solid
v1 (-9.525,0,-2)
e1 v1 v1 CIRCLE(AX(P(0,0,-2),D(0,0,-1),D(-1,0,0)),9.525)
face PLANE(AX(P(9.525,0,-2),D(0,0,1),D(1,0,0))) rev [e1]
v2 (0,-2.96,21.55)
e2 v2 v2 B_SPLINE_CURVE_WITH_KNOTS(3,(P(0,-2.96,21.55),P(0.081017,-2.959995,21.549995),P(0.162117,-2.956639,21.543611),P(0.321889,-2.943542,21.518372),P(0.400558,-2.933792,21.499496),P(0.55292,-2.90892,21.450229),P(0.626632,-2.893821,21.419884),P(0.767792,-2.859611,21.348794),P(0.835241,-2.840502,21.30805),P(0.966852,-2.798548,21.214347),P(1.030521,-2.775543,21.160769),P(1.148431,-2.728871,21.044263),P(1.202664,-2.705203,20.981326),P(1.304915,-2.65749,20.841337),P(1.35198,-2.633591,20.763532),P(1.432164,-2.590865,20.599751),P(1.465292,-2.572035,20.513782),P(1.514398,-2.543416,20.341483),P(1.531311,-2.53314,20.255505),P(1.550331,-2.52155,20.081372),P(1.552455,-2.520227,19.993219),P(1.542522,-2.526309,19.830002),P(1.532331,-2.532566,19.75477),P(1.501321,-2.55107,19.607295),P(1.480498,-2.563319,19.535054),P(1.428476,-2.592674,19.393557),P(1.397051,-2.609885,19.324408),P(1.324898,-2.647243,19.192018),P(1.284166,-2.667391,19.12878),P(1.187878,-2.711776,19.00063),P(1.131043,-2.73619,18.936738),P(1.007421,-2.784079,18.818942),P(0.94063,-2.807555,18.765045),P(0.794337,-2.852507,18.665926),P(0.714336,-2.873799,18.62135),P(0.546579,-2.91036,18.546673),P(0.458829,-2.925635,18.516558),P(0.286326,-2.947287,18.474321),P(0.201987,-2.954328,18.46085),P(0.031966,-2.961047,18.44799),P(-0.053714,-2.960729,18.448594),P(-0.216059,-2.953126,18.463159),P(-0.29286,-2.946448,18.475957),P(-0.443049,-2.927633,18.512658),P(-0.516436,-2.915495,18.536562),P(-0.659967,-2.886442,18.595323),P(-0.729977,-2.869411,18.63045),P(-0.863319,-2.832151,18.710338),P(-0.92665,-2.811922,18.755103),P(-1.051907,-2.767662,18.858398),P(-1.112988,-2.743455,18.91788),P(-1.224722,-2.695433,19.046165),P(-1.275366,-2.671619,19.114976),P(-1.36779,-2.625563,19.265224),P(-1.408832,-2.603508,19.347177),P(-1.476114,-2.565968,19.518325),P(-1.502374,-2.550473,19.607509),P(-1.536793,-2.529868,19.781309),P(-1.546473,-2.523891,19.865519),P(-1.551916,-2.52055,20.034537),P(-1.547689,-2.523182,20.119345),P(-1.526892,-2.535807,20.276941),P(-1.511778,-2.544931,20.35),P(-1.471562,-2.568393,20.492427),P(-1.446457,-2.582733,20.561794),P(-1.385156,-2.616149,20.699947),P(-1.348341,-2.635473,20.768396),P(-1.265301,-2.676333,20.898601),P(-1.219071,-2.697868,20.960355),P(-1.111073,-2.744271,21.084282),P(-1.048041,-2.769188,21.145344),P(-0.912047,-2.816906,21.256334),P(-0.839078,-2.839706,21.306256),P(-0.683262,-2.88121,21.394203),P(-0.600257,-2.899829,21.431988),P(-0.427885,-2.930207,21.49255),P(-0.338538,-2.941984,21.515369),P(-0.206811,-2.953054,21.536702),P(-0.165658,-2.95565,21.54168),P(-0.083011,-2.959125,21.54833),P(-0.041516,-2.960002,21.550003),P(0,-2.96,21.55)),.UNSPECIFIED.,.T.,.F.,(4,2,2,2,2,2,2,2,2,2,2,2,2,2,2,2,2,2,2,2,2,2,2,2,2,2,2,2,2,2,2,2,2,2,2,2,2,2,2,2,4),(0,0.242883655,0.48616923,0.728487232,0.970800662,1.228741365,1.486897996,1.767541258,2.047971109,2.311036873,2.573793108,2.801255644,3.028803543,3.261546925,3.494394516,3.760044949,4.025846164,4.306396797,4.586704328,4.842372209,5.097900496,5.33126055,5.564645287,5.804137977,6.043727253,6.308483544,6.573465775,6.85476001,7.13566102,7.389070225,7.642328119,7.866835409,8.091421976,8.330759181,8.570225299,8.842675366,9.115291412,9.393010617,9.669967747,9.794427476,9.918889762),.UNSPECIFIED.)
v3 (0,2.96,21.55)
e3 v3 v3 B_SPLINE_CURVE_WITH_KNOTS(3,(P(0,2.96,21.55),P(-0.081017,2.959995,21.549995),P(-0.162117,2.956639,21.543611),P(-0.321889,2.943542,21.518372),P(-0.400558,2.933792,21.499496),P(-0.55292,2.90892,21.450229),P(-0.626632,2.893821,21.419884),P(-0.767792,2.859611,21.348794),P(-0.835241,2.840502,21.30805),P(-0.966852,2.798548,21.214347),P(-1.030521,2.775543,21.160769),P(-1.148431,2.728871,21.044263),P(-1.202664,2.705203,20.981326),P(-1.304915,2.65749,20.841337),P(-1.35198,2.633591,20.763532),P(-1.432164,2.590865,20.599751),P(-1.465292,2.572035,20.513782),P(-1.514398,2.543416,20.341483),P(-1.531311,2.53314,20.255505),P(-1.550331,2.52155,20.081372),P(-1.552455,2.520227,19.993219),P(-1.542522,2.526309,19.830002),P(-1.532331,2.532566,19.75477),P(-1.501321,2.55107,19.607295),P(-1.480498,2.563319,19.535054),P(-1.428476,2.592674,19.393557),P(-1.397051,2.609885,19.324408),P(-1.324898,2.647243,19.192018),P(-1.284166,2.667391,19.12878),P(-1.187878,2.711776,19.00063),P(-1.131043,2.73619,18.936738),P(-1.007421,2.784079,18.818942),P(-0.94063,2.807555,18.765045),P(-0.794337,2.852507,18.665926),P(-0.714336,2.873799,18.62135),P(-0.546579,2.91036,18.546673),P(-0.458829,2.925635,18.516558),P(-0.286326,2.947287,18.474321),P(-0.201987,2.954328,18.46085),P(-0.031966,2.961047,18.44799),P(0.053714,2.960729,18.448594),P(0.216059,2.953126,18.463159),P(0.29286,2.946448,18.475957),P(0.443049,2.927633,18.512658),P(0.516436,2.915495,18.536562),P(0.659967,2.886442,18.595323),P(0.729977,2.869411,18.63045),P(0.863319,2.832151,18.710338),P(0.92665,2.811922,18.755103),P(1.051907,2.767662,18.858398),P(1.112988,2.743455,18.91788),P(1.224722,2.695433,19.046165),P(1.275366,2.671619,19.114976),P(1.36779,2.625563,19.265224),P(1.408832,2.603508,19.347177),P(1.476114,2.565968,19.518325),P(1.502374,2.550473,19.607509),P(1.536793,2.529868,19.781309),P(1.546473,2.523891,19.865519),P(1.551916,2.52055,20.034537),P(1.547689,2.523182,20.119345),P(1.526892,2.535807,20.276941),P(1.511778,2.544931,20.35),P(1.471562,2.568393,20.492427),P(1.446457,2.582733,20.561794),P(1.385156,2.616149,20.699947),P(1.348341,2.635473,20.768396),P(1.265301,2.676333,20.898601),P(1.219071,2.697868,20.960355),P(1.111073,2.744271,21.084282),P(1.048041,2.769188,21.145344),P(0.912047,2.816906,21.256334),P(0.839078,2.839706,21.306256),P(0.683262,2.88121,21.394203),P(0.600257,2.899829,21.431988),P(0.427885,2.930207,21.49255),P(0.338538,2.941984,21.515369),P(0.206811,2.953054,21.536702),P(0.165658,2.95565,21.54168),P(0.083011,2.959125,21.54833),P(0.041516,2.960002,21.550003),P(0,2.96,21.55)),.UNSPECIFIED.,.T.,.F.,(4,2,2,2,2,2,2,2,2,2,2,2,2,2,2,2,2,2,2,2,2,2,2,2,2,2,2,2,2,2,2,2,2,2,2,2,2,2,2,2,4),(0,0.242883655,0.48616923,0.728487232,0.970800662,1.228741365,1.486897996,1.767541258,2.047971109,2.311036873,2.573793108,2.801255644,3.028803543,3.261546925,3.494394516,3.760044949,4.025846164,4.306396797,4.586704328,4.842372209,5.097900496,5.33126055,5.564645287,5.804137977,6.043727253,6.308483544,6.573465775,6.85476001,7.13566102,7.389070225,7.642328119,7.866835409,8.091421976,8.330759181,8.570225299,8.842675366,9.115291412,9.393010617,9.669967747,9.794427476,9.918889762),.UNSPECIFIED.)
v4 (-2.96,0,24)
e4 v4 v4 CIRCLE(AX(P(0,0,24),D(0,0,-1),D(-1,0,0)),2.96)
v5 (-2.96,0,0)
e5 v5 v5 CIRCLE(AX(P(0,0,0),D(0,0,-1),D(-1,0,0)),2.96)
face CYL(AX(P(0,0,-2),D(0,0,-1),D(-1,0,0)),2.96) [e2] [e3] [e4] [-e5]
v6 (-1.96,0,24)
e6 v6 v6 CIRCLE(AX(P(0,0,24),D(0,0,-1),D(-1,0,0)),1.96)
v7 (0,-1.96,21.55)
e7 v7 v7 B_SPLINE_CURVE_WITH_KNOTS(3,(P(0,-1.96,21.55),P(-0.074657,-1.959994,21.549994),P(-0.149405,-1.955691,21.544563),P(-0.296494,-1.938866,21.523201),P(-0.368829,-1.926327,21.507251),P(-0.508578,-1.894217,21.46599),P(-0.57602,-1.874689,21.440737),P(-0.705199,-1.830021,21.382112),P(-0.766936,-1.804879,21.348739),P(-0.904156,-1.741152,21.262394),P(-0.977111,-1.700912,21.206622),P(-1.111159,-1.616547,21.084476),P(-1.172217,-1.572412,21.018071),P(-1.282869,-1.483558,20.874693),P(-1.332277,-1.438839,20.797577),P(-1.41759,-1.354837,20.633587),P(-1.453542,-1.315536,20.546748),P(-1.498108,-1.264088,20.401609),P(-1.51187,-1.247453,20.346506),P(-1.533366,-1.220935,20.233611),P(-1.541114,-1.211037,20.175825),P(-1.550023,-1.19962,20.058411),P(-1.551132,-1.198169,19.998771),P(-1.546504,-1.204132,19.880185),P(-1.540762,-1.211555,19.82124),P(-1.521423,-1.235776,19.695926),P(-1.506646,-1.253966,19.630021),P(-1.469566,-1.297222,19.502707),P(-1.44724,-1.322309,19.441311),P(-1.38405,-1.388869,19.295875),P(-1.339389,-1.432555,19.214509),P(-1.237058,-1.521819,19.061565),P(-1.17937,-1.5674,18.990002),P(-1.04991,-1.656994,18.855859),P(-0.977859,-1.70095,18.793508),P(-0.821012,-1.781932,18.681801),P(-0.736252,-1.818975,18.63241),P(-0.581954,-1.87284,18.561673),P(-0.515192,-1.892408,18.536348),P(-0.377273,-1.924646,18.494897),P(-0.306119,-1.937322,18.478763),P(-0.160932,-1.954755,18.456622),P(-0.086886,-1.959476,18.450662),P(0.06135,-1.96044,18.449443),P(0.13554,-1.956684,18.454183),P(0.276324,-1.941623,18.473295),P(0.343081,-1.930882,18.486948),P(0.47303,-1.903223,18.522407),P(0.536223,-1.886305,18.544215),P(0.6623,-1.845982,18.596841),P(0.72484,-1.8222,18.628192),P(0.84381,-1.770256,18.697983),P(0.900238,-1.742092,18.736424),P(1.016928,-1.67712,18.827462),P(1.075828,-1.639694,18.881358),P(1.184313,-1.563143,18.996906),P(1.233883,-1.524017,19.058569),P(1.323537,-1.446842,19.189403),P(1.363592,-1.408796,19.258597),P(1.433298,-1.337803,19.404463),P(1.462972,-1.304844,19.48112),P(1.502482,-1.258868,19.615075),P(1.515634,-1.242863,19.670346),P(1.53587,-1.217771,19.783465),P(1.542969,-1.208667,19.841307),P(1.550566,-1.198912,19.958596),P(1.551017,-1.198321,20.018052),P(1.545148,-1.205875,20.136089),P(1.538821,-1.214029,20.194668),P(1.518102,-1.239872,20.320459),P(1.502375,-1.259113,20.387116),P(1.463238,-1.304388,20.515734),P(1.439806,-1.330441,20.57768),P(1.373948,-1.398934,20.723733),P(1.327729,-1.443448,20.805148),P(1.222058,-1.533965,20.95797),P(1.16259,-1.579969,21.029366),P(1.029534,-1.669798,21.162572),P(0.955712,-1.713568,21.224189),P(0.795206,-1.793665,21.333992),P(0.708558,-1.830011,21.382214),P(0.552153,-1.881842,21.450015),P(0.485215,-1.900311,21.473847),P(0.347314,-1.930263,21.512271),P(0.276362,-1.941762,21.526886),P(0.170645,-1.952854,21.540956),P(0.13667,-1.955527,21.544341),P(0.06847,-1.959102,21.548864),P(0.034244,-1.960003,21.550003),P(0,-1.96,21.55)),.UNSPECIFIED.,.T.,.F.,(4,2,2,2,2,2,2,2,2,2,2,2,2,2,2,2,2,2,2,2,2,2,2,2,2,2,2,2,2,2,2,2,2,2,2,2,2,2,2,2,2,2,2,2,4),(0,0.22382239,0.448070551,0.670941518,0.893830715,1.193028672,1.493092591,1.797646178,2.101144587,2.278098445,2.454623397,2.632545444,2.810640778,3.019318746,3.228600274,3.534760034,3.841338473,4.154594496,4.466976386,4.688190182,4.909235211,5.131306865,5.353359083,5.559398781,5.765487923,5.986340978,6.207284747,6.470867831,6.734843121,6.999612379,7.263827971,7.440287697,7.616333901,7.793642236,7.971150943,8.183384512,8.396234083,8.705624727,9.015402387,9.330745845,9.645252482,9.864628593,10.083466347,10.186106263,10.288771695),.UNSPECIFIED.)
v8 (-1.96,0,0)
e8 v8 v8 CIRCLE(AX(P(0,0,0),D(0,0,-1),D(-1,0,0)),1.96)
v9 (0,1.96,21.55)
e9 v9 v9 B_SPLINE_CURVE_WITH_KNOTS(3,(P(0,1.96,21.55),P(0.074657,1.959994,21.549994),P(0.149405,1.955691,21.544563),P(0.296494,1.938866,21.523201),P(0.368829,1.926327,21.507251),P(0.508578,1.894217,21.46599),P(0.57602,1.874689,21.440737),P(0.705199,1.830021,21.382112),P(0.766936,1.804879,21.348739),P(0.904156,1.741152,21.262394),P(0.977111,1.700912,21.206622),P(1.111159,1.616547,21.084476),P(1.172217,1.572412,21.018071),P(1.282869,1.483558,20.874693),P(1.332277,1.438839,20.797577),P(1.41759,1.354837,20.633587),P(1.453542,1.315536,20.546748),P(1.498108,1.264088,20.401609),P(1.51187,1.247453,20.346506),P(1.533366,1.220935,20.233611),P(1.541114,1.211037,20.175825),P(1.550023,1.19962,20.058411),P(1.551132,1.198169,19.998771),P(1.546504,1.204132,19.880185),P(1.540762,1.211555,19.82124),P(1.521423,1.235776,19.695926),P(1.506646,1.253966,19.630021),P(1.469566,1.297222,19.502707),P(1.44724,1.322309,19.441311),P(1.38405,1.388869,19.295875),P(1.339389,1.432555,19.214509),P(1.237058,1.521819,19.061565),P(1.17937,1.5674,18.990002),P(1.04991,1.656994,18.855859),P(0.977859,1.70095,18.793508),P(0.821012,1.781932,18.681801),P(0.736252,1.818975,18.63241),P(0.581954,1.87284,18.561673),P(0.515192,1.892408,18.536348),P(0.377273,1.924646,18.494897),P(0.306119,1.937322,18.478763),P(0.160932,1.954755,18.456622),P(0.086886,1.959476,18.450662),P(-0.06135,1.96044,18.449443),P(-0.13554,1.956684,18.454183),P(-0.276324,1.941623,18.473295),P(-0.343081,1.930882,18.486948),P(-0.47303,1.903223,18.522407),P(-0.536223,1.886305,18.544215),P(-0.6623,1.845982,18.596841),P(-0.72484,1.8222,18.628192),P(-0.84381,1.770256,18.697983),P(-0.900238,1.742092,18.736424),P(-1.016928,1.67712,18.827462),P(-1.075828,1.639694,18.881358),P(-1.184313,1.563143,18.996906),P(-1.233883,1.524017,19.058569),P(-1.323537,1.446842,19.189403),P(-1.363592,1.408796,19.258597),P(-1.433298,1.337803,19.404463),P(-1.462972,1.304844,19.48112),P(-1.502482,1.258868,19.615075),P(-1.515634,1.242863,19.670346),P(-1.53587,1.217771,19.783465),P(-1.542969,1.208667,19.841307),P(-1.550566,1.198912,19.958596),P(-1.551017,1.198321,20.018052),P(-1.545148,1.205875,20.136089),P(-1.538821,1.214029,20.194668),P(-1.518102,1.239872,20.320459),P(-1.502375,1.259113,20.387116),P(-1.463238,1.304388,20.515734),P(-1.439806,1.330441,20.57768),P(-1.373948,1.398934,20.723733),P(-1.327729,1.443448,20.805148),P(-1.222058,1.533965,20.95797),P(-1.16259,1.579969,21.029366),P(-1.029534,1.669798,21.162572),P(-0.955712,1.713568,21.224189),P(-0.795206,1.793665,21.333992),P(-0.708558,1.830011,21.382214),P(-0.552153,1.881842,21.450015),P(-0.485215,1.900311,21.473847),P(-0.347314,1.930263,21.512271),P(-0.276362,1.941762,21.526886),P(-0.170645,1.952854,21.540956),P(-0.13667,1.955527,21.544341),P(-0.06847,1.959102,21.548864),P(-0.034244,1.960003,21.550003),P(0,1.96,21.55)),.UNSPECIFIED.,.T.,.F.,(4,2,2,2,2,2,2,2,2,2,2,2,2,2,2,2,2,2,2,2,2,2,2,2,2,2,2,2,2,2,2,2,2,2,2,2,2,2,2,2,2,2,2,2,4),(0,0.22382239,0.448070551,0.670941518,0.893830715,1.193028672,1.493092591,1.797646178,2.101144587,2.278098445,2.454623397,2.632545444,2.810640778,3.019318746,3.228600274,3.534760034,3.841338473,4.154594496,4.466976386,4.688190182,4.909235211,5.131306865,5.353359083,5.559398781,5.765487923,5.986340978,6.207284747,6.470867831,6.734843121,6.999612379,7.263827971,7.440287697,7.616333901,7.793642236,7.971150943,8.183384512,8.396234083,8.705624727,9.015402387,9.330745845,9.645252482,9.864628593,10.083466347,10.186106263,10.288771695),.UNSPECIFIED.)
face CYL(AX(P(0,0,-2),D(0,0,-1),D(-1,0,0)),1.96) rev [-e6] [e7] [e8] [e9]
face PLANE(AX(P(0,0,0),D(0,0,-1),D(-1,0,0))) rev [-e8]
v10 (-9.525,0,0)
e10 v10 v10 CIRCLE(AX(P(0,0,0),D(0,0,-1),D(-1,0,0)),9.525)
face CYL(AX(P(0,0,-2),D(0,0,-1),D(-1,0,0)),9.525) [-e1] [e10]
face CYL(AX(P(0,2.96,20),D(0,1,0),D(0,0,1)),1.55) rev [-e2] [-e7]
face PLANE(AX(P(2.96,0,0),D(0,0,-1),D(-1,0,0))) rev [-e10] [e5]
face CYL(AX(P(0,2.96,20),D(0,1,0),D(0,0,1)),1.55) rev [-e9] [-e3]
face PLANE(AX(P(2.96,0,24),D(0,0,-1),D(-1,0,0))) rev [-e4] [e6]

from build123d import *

# Parameters (mm, degrees)
M2_5_CLEARANCE_HOLE1_D = 3.1


with BuildPart() as part:
    # Sketch1 → Revolve1 (revolve)
    with BuildSketch(Plane(origin=(0, 0, 0), x_dir=(1, 0, 0), z_dir=(0, 1, 0)), mode=Mode.PRIVATE) as revolve1_sk:
        Polygon((1.96, -24), (1.96, 0), (0, 0), (0, 2), (9.525, 2), (9.525, 0), (2.96, 0), (2.96, -24), align=None)
    revolve(revolve1_sk.sketch.rotate(Axis((0, 0, -2), (0, 0, 1)), 180), axis=Axis((0, 0, -2), (0, 0, 1)))

    # M2.5 Clearance Hole1 (through all)
    with Locations(Plane(origin=(0, 2.96, 0), x_dir=(1, 0, 0), z_dir=(0, 1, 0))):
        with Locations((0, -20)):
            Hole(M2_5_CLEARANCE_HOLE1_D / 2)


solid = part.part
